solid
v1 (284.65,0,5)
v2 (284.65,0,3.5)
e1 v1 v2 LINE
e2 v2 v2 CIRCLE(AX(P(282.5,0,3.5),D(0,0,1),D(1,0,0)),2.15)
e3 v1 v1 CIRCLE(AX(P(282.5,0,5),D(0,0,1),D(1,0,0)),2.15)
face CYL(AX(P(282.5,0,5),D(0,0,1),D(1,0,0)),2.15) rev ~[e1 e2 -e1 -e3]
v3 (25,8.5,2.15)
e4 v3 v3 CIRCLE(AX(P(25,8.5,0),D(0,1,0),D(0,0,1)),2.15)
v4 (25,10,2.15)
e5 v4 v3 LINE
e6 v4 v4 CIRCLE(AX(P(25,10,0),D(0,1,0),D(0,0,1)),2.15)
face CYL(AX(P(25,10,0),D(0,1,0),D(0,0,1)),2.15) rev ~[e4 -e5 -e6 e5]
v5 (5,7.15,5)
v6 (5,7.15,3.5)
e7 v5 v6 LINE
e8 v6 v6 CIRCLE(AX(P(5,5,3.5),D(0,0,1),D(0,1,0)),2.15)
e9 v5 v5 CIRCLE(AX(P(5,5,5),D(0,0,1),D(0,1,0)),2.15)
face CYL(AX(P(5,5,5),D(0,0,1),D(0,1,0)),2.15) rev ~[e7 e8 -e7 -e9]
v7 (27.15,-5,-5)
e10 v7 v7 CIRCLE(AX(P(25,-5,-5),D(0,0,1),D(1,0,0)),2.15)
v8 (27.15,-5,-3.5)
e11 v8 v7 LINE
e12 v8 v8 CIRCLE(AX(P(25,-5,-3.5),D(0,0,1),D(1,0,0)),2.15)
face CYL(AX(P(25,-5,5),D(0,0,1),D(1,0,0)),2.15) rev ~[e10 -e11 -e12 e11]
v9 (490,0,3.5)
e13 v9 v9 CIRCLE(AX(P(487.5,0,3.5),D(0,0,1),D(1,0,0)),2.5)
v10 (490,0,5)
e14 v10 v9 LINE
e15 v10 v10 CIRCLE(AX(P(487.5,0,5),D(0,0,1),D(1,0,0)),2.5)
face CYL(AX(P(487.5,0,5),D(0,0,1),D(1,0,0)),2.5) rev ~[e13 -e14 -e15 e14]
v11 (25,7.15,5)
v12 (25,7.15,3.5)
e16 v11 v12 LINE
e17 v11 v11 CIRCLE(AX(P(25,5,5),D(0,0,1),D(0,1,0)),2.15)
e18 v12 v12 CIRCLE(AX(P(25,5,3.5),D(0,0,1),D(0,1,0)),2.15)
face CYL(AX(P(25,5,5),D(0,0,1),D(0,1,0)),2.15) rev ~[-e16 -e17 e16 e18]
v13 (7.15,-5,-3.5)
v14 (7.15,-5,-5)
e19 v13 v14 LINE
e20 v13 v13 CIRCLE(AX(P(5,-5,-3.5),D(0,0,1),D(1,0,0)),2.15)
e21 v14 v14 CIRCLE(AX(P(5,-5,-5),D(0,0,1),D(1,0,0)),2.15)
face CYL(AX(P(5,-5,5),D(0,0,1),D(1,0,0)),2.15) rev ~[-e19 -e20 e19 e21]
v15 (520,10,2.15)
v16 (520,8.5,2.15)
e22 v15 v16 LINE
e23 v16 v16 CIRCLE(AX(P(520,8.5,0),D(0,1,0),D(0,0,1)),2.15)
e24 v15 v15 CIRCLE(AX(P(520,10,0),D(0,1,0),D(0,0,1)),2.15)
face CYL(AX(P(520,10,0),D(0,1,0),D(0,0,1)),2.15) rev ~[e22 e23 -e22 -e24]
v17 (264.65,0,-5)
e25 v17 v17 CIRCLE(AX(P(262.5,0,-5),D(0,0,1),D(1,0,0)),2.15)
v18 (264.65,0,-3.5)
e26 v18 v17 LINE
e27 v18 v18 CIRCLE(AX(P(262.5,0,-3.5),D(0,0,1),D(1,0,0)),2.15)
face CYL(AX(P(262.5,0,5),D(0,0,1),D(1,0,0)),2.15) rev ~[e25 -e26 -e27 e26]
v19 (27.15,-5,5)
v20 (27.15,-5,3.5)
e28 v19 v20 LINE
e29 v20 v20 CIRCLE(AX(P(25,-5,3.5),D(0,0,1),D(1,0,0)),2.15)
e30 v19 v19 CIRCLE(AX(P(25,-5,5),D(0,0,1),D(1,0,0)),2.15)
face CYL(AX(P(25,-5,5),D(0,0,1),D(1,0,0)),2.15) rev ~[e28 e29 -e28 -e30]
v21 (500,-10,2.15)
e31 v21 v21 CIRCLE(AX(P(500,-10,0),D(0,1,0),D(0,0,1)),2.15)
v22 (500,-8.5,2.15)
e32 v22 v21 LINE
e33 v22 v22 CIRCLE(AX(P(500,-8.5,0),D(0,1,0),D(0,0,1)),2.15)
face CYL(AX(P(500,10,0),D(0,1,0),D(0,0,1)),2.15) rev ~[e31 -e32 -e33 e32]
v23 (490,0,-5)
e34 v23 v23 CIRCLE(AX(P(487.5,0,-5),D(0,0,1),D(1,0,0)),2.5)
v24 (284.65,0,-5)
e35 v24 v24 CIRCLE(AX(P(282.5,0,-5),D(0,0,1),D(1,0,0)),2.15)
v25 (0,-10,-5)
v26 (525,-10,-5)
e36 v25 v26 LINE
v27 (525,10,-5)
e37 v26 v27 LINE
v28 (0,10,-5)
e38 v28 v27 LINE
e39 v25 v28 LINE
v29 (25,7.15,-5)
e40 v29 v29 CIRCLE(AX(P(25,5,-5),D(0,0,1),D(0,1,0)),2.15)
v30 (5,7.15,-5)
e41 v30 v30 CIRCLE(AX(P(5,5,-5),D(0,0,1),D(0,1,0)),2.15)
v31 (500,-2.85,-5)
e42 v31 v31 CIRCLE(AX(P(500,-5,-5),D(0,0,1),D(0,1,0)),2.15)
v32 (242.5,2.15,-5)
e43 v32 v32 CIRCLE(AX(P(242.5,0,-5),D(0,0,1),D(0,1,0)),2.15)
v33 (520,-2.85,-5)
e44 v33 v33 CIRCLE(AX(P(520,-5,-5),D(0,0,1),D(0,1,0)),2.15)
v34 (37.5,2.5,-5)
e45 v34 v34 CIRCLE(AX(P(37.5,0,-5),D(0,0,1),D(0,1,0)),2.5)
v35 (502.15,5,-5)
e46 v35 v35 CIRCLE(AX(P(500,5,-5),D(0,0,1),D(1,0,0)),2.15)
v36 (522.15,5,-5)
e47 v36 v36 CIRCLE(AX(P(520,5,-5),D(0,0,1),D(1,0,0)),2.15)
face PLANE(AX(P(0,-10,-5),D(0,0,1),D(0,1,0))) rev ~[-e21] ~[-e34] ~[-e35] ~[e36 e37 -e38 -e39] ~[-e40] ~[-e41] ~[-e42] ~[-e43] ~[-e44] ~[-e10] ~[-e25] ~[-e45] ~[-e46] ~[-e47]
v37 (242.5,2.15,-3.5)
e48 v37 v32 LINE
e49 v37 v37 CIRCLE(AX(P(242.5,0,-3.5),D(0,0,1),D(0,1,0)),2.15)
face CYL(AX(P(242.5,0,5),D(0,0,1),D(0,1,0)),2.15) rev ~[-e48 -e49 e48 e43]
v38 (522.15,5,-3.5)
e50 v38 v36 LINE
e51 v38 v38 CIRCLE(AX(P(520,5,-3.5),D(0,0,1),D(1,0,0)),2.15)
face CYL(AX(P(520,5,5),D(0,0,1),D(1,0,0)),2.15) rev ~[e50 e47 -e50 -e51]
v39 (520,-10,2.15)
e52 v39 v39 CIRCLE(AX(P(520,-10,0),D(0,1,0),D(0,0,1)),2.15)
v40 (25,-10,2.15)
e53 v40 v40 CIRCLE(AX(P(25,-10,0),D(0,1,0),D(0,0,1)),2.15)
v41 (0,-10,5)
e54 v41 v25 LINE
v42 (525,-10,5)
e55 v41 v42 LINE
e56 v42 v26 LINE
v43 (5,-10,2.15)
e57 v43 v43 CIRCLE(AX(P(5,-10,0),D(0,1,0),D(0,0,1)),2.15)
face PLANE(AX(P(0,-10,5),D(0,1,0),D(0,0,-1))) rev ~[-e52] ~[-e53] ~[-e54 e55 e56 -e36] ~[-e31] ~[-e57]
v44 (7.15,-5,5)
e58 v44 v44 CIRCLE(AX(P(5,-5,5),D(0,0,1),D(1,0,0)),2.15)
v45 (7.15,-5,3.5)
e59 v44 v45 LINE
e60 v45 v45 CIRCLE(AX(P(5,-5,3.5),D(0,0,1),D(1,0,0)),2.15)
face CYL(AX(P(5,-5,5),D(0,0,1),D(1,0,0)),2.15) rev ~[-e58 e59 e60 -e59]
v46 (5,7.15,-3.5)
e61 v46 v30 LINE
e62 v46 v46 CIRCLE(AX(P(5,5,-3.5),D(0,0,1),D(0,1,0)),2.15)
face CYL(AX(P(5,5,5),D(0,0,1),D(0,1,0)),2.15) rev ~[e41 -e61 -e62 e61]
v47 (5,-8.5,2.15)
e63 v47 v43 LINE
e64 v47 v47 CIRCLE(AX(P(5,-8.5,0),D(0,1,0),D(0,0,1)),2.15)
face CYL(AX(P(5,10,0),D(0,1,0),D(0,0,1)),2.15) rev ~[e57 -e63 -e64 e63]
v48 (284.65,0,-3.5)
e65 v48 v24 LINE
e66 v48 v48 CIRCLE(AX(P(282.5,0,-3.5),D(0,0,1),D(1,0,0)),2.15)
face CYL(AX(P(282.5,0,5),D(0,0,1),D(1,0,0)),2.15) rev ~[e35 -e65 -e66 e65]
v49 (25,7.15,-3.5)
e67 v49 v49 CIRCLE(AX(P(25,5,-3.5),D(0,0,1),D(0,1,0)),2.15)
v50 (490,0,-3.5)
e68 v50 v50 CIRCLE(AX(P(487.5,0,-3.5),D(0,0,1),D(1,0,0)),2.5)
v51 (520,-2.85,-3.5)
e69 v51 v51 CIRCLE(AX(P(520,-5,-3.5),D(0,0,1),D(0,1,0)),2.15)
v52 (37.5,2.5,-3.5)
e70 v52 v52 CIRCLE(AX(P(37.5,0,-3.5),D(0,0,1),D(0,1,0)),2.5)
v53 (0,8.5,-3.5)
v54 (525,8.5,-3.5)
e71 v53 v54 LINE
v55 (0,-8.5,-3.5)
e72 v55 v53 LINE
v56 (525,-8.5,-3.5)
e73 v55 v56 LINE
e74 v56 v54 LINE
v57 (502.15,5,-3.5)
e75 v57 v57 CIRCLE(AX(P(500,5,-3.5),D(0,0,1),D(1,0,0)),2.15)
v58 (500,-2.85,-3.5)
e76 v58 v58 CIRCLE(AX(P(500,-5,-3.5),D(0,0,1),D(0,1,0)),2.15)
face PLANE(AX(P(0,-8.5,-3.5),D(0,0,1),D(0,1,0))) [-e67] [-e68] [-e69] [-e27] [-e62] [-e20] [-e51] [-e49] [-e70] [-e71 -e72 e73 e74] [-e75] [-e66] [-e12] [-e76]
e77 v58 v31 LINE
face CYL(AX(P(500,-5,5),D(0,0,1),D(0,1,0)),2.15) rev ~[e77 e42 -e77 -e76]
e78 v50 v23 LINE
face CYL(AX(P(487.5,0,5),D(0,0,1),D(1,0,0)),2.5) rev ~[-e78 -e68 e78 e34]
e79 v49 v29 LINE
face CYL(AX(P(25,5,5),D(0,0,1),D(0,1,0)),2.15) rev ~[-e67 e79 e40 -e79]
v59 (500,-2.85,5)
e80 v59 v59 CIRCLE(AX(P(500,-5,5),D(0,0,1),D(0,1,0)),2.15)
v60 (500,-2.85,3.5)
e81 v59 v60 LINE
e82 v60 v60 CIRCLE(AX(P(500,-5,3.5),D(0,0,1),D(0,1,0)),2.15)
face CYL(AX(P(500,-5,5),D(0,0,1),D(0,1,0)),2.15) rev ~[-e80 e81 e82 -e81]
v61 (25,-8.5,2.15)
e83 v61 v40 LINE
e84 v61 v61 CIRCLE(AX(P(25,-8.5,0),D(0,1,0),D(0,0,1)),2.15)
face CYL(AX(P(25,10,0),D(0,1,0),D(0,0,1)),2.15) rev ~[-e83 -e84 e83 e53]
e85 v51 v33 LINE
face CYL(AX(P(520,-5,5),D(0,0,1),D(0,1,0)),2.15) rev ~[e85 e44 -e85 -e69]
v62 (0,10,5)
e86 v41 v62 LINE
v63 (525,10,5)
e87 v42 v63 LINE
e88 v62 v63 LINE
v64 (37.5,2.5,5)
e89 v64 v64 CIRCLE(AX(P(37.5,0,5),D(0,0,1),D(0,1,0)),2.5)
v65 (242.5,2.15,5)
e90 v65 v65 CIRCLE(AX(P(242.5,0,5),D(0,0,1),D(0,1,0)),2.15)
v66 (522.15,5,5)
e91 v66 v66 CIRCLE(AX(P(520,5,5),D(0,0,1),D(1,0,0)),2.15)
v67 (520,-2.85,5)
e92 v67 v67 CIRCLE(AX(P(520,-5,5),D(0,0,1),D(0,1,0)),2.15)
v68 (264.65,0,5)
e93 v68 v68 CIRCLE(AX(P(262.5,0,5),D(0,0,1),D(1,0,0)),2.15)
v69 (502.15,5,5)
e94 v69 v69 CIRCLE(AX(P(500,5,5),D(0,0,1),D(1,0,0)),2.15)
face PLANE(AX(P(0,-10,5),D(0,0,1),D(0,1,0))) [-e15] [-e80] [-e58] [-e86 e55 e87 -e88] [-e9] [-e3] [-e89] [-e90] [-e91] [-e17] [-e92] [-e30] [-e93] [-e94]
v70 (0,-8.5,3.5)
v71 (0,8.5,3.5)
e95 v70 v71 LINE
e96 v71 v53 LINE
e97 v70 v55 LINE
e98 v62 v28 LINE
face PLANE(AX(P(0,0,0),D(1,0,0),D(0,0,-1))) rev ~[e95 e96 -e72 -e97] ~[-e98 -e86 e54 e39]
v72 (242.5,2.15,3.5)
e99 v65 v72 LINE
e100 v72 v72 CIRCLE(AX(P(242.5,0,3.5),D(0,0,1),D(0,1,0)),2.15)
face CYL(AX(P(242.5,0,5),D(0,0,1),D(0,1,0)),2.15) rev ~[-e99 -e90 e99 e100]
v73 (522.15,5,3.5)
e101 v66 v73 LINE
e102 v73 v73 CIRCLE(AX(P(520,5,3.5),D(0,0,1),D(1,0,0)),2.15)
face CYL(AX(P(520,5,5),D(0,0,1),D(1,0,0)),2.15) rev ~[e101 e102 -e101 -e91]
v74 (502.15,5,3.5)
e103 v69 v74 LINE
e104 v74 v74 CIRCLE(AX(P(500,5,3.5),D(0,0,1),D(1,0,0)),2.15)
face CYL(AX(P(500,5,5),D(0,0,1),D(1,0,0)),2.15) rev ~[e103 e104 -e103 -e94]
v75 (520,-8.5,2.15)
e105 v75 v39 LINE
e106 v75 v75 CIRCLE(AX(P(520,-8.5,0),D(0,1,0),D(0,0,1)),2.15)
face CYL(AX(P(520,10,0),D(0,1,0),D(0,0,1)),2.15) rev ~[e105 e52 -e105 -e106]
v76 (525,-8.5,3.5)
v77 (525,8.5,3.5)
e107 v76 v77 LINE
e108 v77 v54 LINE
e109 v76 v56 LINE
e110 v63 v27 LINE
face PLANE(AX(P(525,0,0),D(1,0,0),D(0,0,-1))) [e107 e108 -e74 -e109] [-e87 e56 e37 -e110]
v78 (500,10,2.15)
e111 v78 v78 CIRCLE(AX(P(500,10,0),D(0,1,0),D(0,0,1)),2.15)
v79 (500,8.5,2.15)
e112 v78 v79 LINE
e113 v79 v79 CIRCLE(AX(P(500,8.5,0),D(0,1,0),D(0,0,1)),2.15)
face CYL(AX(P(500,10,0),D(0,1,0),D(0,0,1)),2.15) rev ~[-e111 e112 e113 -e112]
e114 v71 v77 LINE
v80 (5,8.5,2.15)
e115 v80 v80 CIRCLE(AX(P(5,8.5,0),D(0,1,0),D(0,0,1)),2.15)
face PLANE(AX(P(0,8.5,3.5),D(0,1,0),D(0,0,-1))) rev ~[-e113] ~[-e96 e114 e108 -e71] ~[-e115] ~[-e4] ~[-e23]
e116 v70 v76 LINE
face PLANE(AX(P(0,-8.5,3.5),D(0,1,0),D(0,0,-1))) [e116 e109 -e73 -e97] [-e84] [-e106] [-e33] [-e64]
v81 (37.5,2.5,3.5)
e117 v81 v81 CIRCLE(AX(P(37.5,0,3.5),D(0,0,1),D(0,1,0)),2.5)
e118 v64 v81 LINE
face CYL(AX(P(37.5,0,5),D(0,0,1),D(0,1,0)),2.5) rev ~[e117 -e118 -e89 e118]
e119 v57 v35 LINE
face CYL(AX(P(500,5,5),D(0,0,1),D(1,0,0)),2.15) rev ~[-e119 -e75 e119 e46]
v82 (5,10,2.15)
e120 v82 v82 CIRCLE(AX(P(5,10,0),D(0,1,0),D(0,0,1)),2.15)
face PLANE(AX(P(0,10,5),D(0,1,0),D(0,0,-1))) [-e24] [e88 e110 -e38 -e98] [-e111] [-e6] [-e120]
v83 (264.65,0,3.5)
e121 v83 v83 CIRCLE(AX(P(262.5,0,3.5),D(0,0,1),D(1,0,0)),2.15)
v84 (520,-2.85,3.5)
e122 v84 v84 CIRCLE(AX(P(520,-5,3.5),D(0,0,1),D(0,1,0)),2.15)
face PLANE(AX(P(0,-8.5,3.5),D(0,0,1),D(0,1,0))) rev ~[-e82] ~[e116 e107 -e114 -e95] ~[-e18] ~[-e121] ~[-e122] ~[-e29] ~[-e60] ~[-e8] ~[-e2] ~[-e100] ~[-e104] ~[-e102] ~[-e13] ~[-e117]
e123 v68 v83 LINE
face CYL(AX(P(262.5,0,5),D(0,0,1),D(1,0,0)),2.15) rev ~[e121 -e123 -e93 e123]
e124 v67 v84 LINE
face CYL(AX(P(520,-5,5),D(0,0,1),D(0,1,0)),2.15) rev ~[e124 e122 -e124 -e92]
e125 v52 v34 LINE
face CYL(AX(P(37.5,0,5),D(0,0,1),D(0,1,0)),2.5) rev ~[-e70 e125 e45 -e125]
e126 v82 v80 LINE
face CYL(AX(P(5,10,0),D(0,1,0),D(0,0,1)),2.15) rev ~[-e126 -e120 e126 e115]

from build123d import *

# Parameters (mm, degrees)
SKETCH_1_W          = 10
SKETCH_1_H          = 20
SKETCH_1_W_2        = 7
SKETCH_1_H_2        = 17
EXTRUDE_1_DEPTH     = 525
SKETCH_2_R          = 2.15
SKETCH_2_R_2        = 2.5
CUT_EXTRUDE_1_DEPTH = 526.19044165
CUT_EXTRUDE_2_REACH = 527.405
SKETCH_3_R          = 2.15


with BuildPart() as part:
    # ｽｹｯﾁ1 → 押し出し-薄板1 (new body)
    with BuildSketch(Plane(origin=(0, 0, 0), x_dir=(0, 0, -1), z_dir=(1, 0, 0))):
        Rectangle(SKETCH_1_W, SKETCH_1_H)
        Rectangle(SKETCH_1_W_2, SKETCH_1_H_2, mode=Mode.SUBTRACT)
    extrude(amount=EXTRUDE_1_DEPTH)

    # ｽｹｯﾁ2 → ｶｯﾄ - 押し出し1 (cut, through all)
    with BuildSketch(Plane.XY.offset(5)):
        with Locations((282.5, 0)):
            Circle(SKETCH_2_R)
        with Locations((262.5, 0)):
            Circle(SKETCH_2_R)
        with Locations(Location((242.5, 0, 0), (0, 0, 90))):
            Circle(SKETCH_2_R)
        with Locations((487.5, 0)):
            Circle(SKETCH_2_R_2)
        with Locations(Location((37.5, 0, 0), (0, 0, 90))):
            Circle(SKETCH_2_R_2)
        with Locations((520, 5)):
            Circle(SKETCH_2_R)
        with Locations(Location((520, -5, 0), (0, 0, 90))):
            Circle(SKETCH_2_R)
        with Locations((500, 5)):
            Circle(SKETCH_2_R)
        with Locations(Location((500, -5, 0), (0, 0, 90))):
            Circle(SKETCH_2_R)
        with Locations((25, -5)):
            Circle(SKETCH_2_R)
        with Locations(Location((25, 5, 0), (0, 0, 90))):
            Circle(SKETCH_2_R)
        with Locations((5, -5)):
            Circle(SKETCH_2_R)
        with Locations(Location((5, 5, 0), (0, 0, 90))):
            Circle(SKETCH_2_R)
    extrude(amount=-CUT_EXTRUDE_1_DEPTH, mode=Mode.SUBTRACT)

    # ｶｯﾄ - 押し出し2: up to this face of the body (flat: up to its plane)
    cut_extrude_2_end = Plane(part.part.faces().sort_by_distance((262.5, -10, 0))[0])
    # ｽｹｯﾁ3 → ｶｯﾄ - 押し出し2 (cut, up to the picked face)
    with BuildSketch(Plane(origin=(0, 10, 0), x_dir=(1, 0, 0), z_dir=(0, 1, 0)), mode=Mode.PRIVATE) as cut_extrude_2_sk1:
        with Locations(Location((5, 0, 0), (0, 0, 270))):
            Circle(SKETCH_3_R)
    cut_extrude_2_tool1 = split(extrude(cut_extrude_2_sk1.sketch, amount=-CUT_EXTRUDE_2_REACH, mode=Mode.PRIVATE), bisect_by=cut_extrude_2_end, keep=Keep.BOTH, mode=Mode.PRIVATE)
    # ｽｹｯﾁ3 → ｶｯﾄ - 押し出し2 (cut, up to the picked face)
    with BuildSketch(Plane(origin=(0, 10, 0), x_dir=(1, 0, 0), z_dir=(0, 1, 0)), mode=Mode.PRIVATE) as cut_extrude_2_sk2:
        with Locations(Location((25, 0, 0), (0, 0, 270))):
            Circle(SKETCH_3_R)
    cut_extrude_2_tool2 = split(extrude(cut_extrude_2_sk2.sketch, amount=-CUT_EXTRUDE_2_REACH, mode=Mode.PRIVATE), bisect_by=cut_extrude_2_end, keep=Keep.BOTH, mode=Mode.PRIVATE)
    # ｽｹｯﾁ3 → ｶｯﾄ - 押し出し2 (cut, up to the picked face)
    with BuildSketch(Plane(origin=(0, 10, 0), x_dir=(1, 0, 0), z_dir=(0, 1, 0)), mode=Mode.PRIVATE) as cut_extrude_2_sk3:
        with Locations(Location((500, 0, 0), (0, 0, 270))):
            Circle(SKETCH_3_R)
    cut_extrude_2_tool3 = split(extrude(cut_extrude_2_sk3.sketch, amount=-CUT_EXTRUDE_2_REACH, mode=Mode.PRIVATE), bisect_by=cut_extrude_2_end, keep=Keep.BOTH, mode=Mode.PRIVATE)
    # ｽｹｯﾁ3 → ｶｯﾄ - 押し出し2 (cut, up to the picked face)
    with BuildSketch(Plane(origin=(0, 10, 0), x_dir=(1, 0, 0), z_dir=(0, 1, 0)), mode=Mode.PRIVATE) as cut_extrude_2_sk4:
        with Locations(Location((520, 0, 0), (0, 0, 270))):
            Circle(SKETCH_3_R)
    cut_extrude_2_tool4 = split(extrude(cut_extrude_2_sk4.sketch, amount=-CUT_EXTRUDE_2_REACH, mode=Mode.PRIVATE), bisect_by=cut_extrude_2_end, keep=Keep.BOTH, mode=Mode.PRIVATE)
    add(cut_extrude_2_tool1.solids().sort_by(Axis((5, 10, 0), (0, -1, 0)))[0], mode=Mode.SUBTRACT)
    add(cut_extrude_2_tool2.solids().sort_by(Axis((25, 10, 0), (0, -1, 0)))[0], mode=Mode.SUBTRACT)
    add(cut_extrude_2_tool3.solids().sort_by(Axis((500, 10, 0), (0, -1, 0)))[0], mode=Mode.SUBTRACT)
    add(cut_extrude_2_tool4.solids().sort_by(Axis((520, 10, 0), (0, -1, 0)))[0], mode=Mode.SUBTRACT)


solid = part.part
